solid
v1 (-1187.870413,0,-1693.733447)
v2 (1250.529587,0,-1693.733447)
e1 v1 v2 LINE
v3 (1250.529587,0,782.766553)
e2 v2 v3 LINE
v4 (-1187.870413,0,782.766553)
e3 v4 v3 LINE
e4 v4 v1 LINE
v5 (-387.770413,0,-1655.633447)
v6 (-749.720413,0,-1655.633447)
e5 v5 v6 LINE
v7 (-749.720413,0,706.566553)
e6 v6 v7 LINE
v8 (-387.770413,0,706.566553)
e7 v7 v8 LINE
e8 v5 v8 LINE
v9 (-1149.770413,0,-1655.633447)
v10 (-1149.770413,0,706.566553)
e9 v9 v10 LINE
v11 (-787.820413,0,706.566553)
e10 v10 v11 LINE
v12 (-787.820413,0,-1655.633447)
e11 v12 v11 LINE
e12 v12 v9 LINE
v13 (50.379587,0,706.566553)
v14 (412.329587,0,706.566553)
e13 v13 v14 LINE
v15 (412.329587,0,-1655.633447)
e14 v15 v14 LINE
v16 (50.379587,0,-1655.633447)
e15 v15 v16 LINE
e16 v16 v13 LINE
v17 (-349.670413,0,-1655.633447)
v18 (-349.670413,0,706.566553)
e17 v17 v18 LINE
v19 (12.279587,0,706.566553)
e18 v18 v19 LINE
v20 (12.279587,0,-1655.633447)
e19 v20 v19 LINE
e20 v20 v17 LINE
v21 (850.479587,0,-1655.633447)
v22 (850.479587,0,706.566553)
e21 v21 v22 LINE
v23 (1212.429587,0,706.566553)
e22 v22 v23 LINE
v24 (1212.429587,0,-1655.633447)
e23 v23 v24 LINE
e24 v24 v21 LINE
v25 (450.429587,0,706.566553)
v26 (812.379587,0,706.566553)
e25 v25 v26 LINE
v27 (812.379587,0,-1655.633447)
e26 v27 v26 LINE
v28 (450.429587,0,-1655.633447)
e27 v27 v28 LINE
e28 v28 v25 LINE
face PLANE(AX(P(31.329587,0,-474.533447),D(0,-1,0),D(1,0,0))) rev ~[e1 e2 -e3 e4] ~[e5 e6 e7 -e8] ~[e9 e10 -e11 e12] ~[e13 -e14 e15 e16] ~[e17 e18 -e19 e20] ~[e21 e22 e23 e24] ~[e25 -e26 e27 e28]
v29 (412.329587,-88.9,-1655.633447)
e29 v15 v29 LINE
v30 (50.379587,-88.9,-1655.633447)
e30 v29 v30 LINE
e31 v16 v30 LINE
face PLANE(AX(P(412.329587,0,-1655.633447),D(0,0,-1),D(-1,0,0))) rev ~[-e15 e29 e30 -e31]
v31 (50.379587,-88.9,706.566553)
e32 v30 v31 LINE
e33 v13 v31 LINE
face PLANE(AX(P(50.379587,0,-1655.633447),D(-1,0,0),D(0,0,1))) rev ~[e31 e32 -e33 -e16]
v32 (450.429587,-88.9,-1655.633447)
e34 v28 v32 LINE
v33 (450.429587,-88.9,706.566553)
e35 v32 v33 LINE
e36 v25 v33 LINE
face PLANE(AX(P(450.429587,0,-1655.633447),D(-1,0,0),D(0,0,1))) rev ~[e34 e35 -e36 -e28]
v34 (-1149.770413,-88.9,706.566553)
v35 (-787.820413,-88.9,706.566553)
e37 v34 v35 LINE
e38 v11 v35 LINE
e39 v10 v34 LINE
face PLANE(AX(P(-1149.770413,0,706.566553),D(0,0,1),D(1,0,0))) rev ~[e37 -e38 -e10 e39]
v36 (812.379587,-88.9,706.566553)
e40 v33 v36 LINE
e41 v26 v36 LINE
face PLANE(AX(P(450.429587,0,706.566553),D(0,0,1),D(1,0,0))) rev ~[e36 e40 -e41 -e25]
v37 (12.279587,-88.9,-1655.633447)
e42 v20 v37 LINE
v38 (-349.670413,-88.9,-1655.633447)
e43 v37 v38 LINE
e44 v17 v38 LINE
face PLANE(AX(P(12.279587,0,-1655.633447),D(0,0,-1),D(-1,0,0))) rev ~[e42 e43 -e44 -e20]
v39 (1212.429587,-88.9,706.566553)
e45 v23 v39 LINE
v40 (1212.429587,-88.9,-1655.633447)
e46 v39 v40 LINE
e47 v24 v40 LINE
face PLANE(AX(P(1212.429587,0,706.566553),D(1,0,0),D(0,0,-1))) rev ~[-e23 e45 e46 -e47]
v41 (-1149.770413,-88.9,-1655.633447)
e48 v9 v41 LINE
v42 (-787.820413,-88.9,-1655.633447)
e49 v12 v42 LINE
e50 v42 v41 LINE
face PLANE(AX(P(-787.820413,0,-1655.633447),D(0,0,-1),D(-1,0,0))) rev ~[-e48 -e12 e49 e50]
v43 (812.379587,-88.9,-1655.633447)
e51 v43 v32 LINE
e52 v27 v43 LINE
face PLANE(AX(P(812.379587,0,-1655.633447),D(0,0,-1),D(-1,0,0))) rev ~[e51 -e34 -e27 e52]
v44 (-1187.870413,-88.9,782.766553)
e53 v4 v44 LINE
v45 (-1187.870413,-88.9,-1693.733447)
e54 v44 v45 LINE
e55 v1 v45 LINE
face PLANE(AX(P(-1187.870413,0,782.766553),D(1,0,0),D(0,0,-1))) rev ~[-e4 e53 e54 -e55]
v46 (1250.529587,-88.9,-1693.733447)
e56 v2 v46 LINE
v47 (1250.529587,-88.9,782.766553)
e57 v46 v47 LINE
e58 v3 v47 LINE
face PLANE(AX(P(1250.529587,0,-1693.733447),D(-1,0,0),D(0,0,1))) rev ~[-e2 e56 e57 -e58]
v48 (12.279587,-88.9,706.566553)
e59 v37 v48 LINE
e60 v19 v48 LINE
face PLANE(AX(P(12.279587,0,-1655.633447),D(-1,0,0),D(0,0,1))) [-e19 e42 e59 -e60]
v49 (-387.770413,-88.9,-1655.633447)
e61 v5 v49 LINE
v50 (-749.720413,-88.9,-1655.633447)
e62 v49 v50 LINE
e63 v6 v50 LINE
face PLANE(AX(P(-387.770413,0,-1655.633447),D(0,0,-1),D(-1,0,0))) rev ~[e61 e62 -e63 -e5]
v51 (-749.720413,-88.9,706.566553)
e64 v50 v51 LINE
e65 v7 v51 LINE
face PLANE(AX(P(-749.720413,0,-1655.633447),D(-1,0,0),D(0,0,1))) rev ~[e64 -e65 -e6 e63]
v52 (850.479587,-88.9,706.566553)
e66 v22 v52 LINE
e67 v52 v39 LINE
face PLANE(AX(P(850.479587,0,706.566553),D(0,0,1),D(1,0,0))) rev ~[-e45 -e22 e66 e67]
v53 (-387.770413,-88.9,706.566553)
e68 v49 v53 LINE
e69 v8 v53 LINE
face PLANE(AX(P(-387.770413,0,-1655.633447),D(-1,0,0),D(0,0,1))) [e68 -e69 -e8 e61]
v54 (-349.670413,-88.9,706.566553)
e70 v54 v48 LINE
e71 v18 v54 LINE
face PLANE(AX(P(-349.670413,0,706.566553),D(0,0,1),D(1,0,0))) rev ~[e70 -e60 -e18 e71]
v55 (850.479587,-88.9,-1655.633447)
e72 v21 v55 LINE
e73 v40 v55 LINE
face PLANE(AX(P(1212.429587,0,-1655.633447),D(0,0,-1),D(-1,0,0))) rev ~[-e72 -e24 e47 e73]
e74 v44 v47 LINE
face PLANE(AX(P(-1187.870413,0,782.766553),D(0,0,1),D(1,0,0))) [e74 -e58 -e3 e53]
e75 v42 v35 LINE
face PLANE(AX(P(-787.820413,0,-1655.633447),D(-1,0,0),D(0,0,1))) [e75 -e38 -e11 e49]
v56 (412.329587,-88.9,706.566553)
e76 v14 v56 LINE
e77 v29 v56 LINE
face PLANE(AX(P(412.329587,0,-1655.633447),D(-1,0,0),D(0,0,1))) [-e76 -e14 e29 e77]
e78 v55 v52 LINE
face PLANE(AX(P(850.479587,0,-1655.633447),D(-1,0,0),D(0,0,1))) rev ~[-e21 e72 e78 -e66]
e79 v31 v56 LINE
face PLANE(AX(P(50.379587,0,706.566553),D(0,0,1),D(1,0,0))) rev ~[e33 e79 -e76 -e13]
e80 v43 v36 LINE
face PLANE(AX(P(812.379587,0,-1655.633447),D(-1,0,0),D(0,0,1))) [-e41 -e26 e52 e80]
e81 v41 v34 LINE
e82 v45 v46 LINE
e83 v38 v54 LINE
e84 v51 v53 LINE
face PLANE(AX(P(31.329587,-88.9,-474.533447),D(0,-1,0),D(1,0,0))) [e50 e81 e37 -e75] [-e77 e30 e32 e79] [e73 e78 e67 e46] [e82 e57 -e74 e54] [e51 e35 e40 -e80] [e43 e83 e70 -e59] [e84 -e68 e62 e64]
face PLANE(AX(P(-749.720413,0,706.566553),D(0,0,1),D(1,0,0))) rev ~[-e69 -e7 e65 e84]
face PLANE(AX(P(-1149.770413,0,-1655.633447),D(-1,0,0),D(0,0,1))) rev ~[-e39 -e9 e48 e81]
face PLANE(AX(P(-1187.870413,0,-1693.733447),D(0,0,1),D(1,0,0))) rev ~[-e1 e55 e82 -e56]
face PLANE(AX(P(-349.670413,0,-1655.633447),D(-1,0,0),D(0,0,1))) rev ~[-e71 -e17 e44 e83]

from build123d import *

# Parameters (mm, degrees)
F0_W     = 2438.4
F0_H     = 2438.4
F0_H_2   = 38.1
F0_W_2   = 38.1
F0_H_3   = 2362.2
F1_DEPTH = 88.9


with BuildPart() as f1:
    # F0 (on Front) → F1 (new body)
    with BuildSketch(Plane.XZ):
        with Locations((31.3295868914, -474.5334469899)):
            Rectangle(F0_W, F0_H)
        Polygon((-1149.7704131086, -1655.6334469899), (-1149.7704131086, 706.5665530101), (-787.8204131086, 706.5665530101), (-749.7204131086, 706.5665530101), (-387.7704131086, 706.5665530101), (-349.6704131086, 706.5665530101), (12.2795868914, 706.5665530101), (50.3795868914, 706.5665530101), (412.3295868914, 706.5665530101), (450.4295868914, 706.5665530101), (812.3795868914, 706.5665530101), (850.4795868914, 706.5665530101), (1164.1096339266, 706.5665530101), (1212.4295868914, 706.5665530101), (1212.4295868914, -1655.6334469899), (850.4795868914, -1655.6334469899), (812.3795868914, -1655.6334469899), (450.4295868914, -1655.6334469899), (412.3295868914, -1655.6334469899), (50.3795868914, -1655.6334469899), (12.2795868914, -1655.6334469899), (-349.6704131086, -1655.6334469899), (-387.7704131086, -1655.6334469899), (-749.7204131086, -1655.6334469899), (-787.8204131086, -1655.6334469899), align=None, mode=Mode.SUBTRACT)
        with Locations((31.3295868914, 763.7165530101)):
            Rectangle(F0_W, F0_H_2)
        with Locations((-768.7704131086, -474.5334469899)):
            Rectangle(F0_W_2, F0_H_3)
        with Locations((-368.7204131086, -474.5334469899)):
            Rectangle(F0_W_2, F0_H_3)
        with Locations((31.3295868914, -474.5334469899)):
            Rectangle(F0_W_2, F0_H_3)
        with Locations((431.3795868914, -474.5334469899)):
            Rectangle(F0_W_2, F0_H_3)
        with Locations((831.4295868914, -474.5334469899)):
            Rectangle(F0_W_2, F0_H_3)
    extrude(amount=F1_DEPTH)


solid = f1.part
